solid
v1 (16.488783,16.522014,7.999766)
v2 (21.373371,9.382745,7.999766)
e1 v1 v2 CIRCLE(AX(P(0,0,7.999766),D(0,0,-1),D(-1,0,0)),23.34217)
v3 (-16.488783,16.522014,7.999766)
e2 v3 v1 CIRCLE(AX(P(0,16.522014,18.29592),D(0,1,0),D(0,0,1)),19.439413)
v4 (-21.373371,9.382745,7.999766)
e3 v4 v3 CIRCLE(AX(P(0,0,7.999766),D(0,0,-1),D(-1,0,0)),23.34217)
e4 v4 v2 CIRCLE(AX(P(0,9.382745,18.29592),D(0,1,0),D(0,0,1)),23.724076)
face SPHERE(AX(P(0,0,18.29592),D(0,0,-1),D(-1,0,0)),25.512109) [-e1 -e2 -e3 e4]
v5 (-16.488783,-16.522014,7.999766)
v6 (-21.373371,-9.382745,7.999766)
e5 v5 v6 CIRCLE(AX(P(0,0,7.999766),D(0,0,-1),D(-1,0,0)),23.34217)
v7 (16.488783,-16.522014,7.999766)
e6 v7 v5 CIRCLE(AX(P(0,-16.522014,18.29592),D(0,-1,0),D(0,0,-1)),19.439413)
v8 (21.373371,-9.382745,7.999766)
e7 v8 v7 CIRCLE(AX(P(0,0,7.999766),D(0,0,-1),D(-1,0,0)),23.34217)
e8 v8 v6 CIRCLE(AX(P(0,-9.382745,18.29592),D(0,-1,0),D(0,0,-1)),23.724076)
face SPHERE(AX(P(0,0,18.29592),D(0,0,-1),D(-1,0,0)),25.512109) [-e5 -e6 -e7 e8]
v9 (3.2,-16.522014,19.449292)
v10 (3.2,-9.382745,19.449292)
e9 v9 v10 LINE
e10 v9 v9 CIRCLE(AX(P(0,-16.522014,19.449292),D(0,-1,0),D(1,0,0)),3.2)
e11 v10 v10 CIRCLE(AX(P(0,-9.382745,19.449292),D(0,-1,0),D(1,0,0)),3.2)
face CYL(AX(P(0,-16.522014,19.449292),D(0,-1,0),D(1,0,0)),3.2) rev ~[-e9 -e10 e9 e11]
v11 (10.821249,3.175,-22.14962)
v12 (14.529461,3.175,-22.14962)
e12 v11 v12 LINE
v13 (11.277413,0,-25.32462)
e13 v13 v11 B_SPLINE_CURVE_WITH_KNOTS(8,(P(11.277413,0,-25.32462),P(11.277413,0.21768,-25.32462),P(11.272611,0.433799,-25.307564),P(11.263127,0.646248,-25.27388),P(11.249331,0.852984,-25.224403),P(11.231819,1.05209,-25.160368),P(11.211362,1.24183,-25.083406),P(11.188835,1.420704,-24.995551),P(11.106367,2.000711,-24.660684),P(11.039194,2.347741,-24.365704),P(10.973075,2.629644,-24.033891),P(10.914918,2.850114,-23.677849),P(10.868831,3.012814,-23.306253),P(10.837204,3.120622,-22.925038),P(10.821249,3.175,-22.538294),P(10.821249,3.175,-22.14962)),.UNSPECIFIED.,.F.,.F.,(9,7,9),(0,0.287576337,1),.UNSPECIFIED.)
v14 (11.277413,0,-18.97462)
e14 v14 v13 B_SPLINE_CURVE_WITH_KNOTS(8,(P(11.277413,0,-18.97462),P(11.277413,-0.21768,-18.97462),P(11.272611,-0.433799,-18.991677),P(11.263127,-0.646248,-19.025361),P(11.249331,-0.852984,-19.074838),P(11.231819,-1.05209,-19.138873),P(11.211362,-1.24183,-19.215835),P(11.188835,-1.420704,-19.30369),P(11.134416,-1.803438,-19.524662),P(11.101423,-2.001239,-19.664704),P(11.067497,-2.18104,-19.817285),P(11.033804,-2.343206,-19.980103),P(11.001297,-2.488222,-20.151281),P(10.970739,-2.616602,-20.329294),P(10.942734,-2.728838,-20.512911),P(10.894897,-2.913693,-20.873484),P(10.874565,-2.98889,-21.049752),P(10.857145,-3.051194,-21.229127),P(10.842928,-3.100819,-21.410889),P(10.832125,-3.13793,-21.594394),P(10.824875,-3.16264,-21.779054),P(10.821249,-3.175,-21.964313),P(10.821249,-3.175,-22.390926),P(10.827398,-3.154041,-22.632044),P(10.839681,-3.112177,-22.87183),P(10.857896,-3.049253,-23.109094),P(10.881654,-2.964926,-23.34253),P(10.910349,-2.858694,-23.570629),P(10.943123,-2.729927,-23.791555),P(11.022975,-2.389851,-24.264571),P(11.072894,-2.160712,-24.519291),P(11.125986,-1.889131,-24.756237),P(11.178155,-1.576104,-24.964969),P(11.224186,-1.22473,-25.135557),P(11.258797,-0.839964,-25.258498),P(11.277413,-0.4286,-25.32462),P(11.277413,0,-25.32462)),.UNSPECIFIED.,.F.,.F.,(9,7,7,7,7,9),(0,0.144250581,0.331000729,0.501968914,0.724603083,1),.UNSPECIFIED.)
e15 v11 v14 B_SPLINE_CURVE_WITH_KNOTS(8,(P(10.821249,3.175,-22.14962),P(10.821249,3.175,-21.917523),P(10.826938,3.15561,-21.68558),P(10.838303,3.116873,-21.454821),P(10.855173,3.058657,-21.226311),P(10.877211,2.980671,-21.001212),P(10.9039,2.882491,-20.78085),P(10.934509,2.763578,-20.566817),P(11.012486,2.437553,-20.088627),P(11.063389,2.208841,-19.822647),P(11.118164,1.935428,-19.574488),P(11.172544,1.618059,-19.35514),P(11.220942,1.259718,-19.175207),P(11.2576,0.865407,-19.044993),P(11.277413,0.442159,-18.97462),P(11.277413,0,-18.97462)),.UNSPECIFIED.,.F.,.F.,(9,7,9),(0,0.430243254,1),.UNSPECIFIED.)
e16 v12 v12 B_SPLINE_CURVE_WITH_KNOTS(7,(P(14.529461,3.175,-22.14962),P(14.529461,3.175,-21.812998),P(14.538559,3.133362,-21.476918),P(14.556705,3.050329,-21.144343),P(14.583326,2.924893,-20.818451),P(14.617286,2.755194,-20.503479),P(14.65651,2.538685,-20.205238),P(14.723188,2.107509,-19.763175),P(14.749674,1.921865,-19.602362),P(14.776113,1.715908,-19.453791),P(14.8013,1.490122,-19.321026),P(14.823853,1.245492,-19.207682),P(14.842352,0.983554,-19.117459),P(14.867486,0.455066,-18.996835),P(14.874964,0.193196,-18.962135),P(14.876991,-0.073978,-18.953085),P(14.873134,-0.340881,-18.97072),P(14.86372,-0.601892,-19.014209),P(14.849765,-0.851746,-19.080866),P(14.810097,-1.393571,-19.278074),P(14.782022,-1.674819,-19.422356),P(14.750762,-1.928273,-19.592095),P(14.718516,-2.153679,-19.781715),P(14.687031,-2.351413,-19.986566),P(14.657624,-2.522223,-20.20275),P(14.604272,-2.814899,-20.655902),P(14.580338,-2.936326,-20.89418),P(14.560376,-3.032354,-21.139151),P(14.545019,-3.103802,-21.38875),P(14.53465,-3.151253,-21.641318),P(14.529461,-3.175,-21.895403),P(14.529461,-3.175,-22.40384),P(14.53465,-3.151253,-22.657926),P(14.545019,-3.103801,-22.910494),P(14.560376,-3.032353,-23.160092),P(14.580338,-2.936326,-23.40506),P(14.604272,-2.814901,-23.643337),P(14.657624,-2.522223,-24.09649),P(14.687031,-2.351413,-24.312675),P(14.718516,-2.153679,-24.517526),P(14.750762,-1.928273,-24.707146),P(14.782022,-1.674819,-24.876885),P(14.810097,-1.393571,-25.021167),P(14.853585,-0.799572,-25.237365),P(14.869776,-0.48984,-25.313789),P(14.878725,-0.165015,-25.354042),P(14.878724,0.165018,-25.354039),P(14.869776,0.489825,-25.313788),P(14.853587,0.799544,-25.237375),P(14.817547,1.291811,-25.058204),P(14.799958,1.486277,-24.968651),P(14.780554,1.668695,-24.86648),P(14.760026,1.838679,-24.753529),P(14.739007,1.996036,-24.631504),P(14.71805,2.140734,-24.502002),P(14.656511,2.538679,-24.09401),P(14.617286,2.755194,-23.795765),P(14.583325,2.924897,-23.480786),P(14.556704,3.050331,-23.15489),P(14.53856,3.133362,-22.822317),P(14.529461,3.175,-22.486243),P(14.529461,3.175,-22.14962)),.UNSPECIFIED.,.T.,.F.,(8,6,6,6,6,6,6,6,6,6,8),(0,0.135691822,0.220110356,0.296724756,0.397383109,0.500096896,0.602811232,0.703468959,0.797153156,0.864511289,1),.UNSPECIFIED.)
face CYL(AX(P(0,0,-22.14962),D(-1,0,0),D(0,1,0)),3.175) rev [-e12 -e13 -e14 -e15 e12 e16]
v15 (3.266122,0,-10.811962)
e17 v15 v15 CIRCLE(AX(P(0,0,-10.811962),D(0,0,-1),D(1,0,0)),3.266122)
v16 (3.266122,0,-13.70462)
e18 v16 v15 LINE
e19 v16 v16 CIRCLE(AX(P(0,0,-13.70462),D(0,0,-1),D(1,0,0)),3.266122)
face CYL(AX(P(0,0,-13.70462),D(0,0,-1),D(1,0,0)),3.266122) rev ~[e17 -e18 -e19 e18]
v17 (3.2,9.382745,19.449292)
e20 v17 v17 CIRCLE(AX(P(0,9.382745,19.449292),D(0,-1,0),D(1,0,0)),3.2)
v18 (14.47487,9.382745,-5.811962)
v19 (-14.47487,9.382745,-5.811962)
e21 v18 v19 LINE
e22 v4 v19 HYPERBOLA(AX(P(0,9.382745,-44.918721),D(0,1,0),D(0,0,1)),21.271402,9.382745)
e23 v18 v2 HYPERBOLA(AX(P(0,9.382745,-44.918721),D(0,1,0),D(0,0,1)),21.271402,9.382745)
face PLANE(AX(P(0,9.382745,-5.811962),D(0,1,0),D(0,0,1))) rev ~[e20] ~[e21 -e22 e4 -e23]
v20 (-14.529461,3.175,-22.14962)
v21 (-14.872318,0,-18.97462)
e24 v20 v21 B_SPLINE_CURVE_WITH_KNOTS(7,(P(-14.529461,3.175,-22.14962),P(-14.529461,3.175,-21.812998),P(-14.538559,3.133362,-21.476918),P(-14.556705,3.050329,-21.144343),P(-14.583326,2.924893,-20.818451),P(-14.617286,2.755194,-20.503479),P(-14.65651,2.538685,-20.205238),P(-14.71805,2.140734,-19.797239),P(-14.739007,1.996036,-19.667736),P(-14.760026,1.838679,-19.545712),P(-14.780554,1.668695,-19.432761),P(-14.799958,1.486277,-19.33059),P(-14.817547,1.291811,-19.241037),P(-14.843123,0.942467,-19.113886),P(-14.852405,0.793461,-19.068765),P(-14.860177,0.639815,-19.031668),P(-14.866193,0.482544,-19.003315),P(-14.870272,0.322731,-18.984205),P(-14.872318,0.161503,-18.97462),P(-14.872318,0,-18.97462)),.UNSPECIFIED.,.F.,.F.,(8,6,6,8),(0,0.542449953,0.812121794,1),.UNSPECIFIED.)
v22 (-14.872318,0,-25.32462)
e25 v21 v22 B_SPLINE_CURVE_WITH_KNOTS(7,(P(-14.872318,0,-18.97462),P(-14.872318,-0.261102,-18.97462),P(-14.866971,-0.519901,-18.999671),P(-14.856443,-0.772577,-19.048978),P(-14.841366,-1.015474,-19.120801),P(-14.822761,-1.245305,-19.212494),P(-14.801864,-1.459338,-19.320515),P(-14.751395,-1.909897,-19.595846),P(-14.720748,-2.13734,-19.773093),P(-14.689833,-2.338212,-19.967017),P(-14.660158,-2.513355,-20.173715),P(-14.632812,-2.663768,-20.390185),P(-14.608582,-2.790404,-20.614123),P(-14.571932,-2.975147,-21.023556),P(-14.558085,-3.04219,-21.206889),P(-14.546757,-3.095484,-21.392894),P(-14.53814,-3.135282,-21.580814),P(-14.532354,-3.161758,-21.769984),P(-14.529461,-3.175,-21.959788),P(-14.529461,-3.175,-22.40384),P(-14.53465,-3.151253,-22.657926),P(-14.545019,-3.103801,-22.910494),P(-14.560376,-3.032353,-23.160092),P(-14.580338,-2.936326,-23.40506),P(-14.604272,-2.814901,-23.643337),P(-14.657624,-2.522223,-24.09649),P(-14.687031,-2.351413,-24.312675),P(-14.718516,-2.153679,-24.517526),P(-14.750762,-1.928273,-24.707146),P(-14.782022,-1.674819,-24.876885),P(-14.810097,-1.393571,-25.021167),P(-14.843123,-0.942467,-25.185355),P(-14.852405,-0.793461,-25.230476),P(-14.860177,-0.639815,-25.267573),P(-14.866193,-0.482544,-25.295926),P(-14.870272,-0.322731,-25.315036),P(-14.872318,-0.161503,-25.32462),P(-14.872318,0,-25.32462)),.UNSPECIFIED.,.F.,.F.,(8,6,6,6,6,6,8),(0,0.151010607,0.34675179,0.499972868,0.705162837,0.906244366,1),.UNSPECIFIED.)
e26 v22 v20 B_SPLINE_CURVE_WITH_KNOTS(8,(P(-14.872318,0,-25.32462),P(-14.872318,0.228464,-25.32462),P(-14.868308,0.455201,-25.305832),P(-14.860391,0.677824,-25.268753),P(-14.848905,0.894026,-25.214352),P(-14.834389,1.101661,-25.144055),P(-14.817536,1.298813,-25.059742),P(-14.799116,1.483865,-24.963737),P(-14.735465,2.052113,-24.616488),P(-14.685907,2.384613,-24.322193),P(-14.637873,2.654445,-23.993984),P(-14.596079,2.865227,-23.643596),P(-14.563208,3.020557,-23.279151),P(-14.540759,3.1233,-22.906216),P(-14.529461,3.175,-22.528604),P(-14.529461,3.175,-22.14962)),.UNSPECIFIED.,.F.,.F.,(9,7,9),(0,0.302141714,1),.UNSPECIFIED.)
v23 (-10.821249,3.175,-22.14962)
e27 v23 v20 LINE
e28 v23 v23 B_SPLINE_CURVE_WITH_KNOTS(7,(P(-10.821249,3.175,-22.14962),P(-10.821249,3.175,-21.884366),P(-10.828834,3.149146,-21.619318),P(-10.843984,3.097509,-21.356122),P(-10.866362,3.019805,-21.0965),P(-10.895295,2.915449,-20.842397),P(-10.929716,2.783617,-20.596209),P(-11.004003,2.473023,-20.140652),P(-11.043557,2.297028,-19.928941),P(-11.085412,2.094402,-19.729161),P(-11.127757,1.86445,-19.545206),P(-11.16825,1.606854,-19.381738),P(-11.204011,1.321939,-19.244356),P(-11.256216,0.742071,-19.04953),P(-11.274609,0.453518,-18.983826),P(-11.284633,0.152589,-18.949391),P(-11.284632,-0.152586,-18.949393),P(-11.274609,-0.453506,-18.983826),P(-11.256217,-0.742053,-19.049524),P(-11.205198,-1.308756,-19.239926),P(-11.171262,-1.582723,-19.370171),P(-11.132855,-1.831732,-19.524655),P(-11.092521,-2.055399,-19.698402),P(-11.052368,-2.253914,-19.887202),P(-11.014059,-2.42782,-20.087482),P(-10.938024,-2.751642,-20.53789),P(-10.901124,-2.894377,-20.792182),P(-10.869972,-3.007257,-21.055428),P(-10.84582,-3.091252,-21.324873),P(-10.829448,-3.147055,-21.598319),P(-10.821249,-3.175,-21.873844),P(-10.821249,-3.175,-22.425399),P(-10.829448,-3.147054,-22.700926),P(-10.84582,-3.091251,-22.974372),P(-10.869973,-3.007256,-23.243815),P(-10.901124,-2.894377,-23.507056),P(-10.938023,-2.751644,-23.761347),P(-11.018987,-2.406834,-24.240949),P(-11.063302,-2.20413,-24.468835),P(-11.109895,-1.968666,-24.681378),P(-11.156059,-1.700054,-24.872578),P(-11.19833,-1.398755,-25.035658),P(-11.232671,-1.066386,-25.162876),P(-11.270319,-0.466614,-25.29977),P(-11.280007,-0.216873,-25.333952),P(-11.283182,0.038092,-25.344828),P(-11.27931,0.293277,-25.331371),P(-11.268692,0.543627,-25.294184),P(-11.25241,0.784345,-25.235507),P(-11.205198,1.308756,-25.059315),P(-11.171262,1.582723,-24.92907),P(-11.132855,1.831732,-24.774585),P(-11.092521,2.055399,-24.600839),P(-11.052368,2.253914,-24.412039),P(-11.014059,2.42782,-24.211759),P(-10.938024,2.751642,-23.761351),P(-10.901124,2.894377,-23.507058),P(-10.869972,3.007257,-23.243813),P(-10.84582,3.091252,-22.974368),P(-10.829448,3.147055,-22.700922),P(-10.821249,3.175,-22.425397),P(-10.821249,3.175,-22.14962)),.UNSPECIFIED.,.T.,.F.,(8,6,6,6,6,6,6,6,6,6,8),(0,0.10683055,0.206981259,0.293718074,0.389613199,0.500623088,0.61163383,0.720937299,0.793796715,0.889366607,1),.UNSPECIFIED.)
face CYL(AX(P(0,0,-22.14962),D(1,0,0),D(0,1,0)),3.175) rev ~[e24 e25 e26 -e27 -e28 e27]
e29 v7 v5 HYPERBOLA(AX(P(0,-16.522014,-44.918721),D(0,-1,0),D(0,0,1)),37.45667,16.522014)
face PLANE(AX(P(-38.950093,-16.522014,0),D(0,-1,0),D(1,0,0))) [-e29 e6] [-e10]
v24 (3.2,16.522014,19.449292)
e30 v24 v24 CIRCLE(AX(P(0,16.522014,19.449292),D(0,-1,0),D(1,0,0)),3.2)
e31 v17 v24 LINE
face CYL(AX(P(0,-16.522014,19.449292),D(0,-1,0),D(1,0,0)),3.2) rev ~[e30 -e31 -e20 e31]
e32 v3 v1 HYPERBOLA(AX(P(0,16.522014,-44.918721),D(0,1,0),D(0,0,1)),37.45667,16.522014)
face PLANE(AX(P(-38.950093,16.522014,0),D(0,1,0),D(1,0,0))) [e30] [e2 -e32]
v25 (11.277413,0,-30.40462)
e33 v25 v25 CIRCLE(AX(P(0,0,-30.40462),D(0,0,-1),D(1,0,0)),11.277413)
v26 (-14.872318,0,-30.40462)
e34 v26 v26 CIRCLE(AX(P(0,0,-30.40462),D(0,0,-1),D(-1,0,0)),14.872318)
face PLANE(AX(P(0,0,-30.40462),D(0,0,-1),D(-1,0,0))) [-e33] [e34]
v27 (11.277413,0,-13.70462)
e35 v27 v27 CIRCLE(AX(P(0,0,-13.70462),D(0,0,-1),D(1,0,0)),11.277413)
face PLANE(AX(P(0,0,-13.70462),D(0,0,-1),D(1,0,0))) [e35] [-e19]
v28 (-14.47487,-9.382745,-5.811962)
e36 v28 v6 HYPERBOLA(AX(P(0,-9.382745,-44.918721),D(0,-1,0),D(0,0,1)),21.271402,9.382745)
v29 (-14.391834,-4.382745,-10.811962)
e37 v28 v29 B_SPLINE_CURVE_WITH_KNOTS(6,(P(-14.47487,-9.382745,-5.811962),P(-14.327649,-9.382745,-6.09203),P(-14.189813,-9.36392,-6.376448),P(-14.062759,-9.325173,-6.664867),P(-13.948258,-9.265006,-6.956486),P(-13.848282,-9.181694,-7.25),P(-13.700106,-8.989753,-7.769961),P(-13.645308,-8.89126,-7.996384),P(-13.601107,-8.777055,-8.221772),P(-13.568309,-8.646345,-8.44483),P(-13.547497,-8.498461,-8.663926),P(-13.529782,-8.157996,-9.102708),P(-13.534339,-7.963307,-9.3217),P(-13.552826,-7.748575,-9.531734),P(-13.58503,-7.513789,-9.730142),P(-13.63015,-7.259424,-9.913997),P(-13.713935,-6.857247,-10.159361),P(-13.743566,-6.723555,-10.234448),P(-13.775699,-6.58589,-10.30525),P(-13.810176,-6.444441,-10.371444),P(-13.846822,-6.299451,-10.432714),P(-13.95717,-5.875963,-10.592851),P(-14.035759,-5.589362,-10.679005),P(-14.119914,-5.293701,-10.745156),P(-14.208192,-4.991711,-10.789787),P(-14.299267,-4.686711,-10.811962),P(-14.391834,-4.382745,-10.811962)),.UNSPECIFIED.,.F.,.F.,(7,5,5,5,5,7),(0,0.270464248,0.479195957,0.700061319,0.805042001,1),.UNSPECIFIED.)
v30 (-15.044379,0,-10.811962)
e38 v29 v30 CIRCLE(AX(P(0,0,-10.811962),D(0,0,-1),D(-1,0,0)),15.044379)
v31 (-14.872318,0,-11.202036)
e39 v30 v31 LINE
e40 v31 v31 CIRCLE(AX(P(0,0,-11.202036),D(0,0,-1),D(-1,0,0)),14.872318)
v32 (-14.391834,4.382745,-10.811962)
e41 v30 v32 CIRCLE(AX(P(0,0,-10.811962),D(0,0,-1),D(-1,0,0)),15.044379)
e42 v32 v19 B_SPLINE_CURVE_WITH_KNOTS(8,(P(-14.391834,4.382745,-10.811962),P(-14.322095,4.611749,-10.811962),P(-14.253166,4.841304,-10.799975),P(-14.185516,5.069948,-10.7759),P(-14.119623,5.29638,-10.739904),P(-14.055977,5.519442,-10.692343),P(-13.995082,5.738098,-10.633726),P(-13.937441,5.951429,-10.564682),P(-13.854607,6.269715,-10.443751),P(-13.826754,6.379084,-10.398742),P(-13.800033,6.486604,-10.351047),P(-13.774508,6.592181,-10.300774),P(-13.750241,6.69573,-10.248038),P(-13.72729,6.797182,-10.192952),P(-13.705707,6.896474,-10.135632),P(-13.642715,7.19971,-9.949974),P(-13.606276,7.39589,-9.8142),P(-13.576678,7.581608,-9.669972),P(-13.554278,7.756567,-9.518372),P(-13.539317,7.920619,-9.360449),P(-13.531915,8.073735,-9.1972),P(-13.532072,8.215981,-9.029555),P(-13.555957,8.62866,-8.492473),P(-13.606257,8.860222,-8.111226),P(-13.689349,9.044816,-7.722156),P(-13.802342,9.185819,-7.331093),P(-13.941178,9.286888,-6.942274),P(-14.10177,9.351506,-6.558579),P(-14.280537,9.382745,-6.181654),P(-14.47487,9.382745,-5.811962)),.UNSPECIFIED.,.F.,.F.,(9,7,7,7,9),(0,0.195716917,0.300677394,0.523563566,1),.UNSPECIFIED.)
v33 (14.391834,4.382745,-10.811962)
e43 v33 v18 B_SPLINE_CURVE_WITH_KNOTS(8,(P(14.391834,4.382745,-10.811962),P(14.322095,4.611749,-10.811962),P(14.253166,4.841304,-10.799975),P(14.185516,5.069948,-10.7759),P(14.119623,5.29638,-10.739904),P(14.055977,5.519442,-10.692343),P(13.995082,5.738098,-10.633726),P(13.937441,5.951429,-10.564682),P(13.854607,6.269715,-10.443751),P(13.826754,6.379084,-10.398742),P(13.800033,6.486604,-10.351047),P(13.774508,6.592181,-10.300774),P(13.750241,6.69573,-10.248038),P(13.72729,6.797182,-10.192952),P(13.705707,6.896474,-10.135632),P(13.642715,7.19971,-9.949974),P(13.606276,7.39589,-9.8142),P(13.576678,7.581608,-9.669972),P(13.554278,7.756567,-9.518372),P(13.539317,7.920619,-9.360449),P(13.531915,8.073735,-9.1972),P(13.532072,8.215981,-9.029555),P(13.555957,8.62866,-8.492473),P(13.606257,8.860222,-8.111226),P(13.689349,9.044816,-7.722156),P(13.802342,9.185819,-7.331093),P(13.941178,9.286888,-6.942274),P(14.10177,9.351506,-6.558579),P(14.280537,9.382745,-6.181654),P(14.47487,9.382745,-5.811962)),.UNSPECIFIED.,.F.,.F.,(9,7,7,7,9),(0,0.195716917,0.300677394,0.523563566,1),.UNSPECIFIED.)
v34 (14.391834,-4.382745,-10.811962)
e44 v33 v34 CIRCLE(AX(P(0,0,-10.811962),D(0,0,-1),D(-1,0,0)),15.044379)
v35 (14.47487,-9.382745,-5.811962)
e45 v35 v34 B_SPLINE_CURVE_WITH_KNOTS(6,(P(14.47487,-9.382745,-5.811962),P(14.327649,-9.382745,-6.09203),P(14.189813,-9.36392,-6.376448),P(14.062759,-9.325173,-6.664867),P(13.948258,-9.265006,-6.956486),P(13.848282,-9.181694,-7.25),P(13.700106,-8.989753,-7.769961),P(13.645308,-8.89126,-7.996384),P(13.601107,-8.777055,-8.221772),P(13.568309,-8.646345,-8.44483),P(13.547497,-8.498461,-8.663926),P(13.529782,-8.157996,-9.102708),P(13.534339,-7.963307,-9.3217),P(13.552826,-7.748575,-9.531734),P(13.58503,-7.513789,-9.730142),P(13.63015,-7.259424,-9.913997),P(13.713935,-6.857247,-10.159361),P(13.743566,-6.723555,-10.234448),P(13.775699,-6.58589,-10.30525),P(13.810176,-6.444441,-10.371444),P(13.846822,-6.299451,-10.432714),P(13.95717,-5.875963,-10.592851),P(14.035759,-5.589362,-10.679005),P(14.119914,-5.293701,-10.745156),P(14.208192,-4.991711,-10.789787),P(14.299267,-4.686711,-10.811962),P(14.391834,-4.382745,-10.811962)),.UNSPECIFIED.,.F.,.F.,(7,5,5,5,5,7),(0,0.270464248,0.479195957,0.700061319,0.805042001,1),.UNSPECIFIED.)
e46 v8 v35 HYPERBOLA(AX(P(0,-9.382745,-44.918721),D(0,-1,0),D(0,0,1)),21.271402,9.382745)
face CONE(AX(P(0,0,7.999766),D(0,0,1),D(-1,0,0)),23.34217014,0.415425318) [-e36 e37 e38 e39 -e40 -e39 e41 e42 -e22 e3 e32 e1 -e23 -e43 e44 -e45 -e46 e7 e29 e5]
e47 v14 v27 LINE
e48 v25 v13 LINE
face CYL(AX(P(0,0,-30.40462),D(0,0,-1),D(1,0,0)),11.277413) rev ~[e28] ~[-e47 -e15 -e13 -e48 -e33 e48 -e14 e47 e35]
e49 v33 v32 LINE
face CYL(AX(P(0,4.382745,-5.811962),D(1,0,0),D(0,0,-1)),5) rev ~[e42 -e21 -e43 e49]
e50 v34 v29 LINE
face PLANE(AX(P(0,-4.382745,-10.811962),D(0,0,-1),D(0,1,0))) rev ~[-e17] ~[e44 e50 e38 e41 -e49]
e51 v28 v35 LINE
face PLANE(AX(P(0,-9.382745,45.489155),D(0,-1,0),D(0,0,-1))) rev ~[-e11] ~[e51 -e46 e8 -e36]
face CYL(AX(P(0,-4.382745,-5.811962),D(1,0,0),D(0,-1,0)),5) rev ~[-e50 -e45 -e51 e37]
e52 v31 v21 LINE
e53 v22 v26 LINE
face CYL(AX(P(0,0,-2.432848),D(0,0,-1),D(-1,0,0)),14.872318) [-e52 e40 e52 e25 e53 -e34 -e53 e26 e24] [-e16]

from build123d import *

# Parameters (mm, degrees)
F2_W           = 73.3678117394
F2_H           = 19.5953426883
F3_DEPTH       = 47.4
F5_DEPTH       = 37.1
F6_R           = 11.2774131236
F7_DEPTH       = 16.7
F8_R           = 3.2
F9_DEPTH       = 36.8
F10_R          = 3.2661219018
F11_DEPTH      = 25
F12_R          = 3.175
F13_DEPTH      = 25
F13_DEPTH_BACK = 25


with BuildPart() as f1:
    # F0 (on Front) → F1 (revolve)
    with BuildSketch(Plane.XZ):
        with BuildLine():
            ThreePointArc((-23.3421701398, 7.9997662245), (-19.8064798686, 2.2157757205), (-14.8723184541, -2.4328480523))
            Line((-14.8723184541, -2.4328480523), (-14.8723184541, 8.0005478124))
            Line((-14.8723184541, 8.0005478124), (0, 8.0005478124))
            Line((0, 8.0005478124), (0, 43.8080292363))
            ThreePointArc((0, 43.8080292363), (-21.3722285148, 32.2277381458), (-23.3421701398, 7.9997662245))
        make_face()
        with BuildLine():
            ThreePointArc((-14.8723184541, -2.4328480523), (-7.8113091337, -5.9909309274), (0, -7.2161884465))
            Line((0, -7.2161884465), (0, 8.0005478124))
            Line((0, 8.0005478124), (-14.8723184541, 8.0005478124))
            Line((-14.8723184541, 8.0005478124), (-14.8723184541, -2.4328480523))
        make_face()
        with BuildLine():
            Line((-14.8723184541, -11.2020362965), (-14.8723184541, -30.4046204054))
            Line((-14.8723184541, -30.4046204054), (0, -30.4046204054))
            Line((0, -30.4046204054), (0, -7.2161884465))
            ThreePointArc((0, -7.2161884465), (-7.8113091337, -5.9909309274), (-14.8723184541, -2.4328480523))
            Line((-14.8723184541, -2.4328480523), (-14.8723184541, -11.2020362965))
        make_face()
        with BuildLine():
            Line((-23.3421701398, 7.9997662245), (-14.8723184541, -11.2020362965))
            Line((-14.8723184541, -11.2020362965), (-14.8723184541, -2.4328480523))
            ThreePointArc((-14.8723184541, -2.4328480523), (-19.8064798686, 2.2157757205), (-23.3421701398, 7.9997662245))
        make_face()
    revolve(axis=Axis((0, 0, 4.5623818878), (0, 0, -1)))

    # F2 (on Top) → F3 (cut, symmetric)
    with BuildSketch(Plane.XY):
        with Locations((-2.2661872208, 26.3196849264)):
            Rectangle(F2_W, F2_H)
        with Locations((-2.2661872208, -26.3196849264)):
            Rectangle(F2_W, F2_H)
    extrude(amount=F3_DEPTH, both=True, mode=Mode.SUBTRACT)

    # F4 (on Right) → F5 (cut, symmetric)
    with BuildSketch(Plane.YZ):
        with BuildLine():
            Line((9.3827452511, -5.8119617216), (9.3827452511, 45.4891547561))
            Line((9.3827452511, 45.4891547561), (0, 45.4891547561))
            Line((0, 45.4891547561), (0, -10.8119617216))
            Line((0, -10.8119617216), (4.3827452511, -10.8119617216))
            ThreePointArc((4.3827452511, -10.8119617216), (7.918279157, -9.3474956276), (9.3827452511, -5.8119617216))
        make_face()
        with BuildLine():
            Line((0, -10.8119617216), (0, 45.4891547561))
            Line((0, 45.4891547561), (-9.3827452511, 45.4891547561))
            Line((-9.3827452511, 45.4891547561), (-9.3827452511, -5.8119617216))
            ThreePointArc((-9.3827452511, -5.8119617216), (-7.918279157, -9.3474956276), (-4.3827452511, -10.8119617216))
            Line((-4.3827452511, -10.8119617216), (0, -10.8119617216))
        make_face()
    extrude(amount=F5_DEPTH, both=True, mode=Mode.SUBTRACT)

    # F6 (on face) → F7 (cut)
    with BuildSketch(Plane(origin=(0, 0, -30.4046204054), x_dir=(1, 0, 0), z_dir=(0, 0, -1))):
        Circle(F6_R)
    extrude(amount=-F7_DEPTH, mode=Mode.SUBTRACT)

    # F8 (on face) + F3_face1 (on face) → F9 (cut)
    with BuildSketch(Plane.XZ.offset(16.5220135823)):
        with Locations((0, 19.4492916284)):
            Circle(F8_R)
    with BuildSketch(Plane(origin=(0, 16.5220135823, 16.4645974536), x_dir=(-1, 0, 0), z_dir=(0, 1, 0))):
        with BuildLine():
            add(Edge.make_bspline(
                [(-16.488783279, -8.4648312291), (0, -34.870804714), (16.488783279, -8.4648312291)],
                knots=[-0.8799506859, -0.8799506859, -0.8799506859, 0.8799506859, 0.8799506859, 0.8799506859], degree=2, weights=[1, 1.4127920924, 1]))
            ThreePointArc((16.488783279, -8.4648312291), (0, 21.2707356053), (-16.488783279, -8.4648312291))
        make_face()
    extrude(amount=-F9_DEPTH, dir=(0, -1, 0), mode=Mode.SUBTRACT)

    # F10 (on face) → F11 (cut)
    with BuildSketch(Plane(origin=(0, 0, -13.7046204054), x_dir=(1, 0, 0), z_dir=(0, 0, -1))):
        Circle(F10_R)
    extrude(amount=-F11_DEPTH, mode=Mode.SUBTRACT)

    # F12 (on Right) → F13 (cut, two sides)
    with BuildSketch(Plane.YZ) as f13_sk:
        with Locations((0, -22.1496204054)):
            Circle(F12_R)
    extrude(amount=-F13_DEPTH, mode=Mode.SUBTRACT)
    extrude(f13_sk.sketch, amount=F13_DEPTH_BACK, mode=Mode.SUBTRACT)


solid = f1.part
